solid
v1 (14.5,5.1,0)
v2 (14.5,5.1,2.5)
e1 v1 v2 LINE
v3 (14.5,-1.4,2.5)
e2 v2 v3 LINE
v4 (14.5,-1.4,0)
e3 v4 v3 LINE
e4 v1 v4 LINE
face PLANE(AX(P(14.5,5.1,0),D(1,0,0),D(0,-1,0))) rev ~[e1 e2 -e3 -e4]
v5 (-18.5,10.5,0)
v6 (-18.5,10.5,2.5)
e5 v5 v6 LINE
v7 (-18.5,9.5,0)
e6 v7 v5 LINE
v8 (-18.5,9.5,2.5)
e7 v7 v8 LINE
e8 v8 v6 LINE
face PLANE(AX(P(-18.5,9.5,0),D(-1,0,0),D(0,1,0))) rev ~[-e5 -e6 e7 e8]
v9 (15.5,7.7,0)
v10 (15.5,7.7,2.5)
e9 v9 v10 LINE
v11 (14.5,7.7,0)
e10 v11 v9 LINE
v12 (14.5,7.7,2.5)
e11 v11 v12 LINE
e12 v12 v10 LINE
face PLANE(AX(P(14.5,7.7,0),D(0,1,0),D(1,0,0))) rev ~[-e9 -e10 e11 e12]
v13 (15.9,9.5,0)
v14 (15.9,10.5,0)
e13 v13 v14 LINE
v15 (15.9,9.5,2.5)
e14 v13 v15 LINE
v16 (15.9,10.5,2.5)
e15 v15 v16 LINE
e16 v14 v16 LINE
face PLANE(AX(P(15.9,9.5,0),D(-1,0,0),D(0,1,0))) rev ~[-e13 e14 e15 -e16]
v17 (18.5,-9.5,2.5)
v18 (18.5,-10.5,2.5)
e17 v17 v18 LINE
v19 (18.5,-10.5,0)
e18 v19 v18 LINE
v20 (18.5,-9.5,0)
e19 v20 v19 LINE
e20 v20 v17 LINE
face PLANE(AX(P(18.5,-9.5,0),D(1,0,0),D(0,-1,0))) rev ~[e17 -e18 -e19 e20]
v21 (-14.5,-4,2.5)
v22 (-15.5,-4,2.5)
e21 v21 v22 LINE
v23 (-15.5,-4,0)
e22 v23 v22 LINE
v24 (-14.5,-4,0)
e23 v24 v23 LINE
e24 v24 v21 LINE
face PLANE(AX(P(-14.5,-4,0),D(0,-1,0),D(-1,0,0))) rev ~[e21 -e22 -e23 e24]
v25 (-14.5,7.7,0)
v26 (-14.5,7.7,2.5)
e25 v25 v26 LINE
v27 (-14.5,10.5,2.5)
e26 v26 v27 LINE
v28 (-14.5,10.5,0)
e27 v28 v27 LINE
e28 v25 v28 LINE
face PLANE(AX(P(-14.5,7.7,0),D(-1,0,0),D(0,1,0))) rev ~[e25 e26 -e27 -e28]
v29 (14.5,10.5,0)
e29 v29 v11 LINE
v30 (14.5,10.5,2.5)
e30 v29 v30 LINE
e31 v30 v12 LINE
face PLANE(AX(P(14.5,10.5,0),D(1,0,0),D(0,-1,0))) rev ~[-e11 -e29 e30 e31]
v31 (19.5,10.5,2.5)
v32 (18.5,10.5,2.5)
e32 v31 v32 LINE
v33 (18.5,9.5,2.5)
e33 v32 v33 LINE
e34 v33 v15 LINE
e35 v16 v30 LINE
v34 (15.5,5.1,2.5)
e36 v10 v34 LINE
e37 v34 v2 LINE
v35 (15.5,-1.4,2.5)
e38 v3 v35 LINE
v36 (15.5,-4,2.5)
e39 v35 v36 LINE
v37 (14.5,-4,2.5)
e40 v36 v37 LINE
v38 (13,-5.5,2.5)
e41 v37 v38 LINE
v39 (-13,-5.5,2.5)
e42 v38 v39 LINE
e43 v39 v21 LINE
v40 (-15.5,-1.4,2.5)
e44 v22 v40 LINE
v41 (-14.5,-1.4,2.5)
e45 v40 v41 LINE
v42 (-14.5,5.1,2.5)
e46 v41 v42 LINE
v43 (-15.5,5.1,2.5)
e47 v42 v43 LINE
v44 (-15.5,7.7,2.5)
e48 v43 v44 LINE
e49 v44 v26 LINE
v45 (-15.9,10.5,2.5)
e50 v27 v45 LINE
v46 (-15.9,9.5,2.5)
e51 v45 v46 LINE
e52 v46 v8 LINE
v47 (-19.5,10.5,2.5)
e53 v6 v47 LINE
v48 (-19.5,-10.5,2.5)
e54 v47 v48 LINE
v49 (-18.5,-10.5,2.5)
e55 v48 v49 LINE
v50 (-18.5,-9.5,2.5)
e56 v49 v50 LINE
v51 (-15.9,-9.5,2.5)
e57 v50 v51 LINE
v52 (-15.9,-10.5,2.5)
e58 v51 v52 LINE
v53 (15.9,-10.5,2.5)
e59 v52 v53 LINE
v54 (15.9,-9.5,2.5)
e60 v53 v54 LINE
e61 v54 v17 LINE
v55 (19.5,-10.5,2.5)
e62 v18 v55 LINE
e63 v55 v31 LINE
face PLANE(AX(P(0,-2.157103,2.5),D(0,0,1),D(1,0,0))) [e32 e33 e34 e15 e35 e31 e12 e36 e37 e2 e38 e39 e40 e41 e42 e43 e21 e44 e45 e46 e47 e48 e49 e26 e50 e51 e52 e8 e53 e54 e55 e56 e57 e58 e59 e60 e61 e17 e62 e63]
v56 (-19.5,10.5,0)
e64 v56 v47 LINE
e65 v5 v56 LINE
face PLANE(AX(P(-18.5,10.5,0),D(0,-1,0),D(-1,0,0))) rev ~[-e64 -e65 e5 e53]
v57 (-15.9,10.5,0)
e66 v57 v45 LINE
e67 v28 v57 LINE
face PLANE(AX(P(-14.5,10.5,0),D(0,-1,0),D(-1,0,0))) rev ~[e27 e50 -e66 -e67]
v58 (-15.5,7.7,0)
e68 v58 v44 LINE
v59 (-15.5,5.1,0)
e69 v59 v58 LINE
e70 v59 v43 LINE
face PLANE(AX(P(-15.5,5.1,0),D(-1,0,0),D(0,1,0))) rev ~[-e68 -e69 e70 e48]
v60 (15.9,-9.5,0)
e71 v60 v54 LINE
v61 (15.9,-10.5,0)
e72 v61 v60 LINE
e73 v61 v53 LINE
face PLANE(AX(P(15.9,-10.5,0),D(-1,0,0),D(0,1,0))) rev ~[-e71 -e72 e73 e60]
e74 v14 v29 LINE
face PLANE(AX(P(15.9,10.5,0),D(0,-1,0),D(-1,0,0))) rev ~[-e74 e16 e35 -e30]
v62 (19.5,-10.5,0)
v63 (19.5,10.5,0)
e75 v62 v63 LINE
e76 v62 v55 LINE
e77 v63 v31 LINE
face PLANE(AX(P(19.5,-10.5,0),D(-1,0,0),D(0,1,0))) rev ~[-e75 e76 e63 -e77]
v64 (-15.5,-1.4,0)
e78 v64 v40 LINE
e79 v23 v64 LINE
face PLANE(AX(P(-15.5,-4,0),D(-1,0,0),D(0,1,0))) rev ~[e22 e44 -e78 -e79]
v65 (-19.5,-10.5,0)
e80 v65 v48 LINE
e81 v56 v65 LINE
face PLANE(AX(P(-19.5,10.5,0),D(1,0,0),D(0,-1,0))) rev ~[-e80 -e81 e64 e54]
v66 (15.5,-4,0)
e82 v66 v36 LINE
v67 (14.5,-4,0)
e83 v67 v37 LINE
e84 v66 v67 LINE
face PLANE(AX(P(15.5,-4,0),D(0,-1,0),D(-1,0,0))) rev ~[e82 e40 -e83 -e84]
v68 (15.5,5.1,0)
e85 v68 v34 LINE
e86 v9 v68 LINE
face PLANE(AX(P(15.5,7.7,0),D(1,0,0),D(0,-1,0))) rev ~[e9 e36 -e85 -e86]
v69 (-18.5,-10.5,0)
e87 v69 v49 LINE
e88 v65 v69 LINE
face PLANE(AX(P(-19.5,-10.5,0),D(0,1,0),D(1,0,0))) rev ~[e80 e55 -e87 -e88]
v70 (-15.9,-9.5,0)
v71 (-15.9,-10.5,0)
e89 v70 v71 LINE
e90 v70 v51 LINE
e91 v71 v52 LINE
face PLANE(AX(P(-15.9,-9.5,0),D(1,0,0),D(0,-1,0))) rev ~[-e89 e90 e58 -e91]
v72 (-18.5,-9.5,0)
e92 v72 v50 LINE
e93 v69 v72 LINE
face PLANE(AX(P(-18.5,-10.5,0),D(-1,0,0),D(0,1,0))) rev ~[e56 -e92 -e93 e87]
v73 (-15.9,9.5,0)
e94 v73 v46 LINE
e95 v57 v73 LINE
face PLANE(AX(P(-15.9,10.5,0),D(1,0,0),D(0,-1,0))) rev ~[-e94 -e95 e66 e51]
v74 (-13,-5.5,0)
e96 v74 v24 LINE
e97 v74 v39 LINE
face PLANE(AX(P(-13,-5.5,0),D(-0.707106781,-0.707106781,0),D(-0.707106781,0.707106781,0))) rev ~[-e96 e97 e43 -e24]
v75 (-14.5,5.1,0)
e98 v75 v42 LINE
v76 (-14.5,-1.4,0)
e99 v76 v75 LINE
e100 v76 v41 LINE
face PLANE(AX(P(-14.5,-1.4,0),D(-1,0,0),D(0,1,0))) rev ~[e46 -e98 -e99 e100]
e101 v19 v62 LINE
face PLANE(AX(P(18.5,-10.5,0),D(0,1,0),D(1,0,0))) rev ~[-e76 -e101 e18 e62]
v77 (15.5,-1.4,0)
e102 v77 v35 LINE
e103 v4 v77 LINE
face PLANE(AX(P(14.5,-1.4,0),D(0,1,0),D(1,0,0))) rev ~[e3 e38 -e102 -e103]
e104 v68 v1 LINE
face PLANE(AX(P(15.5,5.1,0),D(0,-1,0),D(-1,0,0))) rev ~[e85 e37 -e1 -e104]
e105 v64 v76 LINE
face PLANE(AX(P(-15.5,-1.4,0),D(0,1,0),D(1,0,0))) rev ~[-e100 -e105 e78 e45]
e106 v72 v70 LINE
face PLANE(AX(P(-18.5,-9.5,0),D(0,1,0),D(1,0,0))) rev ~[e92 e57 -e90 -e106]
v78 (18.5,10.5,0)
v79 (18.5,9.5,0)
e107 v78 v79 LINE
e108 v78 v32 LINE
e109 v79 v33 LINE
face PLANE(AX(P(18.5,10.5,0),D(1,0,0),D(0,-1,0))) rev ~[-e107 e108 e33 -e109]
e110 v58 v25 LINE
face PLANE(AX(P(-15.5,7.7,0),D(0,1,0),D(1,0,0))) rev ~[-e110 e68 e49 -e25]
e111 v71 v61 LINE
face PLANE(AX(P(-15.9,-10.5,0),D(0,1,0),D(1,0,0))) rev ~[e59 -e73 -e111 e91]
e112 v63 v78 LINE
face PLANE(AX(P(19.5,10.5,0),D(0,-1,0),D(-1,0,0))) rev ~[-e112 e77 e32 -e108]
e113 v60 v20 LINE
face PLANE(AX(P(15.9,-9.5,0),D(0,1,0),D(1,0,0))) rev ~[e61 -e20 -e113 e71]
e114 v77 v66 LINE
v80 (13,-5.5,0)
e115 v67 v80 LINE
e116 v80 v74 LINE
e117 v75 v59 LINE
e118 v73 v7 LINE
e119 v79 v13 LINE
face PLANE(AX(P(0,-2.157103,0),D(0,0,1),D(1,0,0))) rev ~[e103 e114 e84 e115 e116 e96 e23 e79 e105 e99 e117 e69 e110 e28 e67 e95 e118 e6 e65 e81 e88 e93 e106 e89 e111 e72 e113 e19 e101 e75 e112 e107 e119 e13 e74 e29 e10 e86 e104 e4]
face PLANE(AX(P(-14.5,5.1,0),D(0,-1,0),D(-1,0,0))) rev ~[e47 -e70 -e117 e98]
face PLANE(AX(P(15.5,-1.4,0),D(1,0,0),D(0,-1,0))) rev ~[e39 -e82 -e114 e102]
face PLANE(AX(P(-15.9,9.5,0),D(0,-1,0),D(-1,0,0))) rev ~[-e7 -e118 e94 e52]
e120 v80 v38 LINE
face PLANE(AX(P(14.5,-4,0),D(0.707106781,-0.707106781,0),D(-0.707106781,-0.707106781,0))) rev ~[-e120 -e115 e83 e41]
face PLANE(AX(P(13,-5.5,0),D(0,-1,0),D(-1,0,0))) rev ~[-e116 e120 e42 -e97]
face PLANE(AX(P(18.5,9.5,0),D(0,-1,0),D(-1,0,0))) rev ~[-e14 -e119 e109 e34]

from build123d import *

# Parameters (mm, degrees)
F1_DEPTH = 2.5


with BuildPart() as f1:
    # F0 (on Top) → F1 (new body)
    with BuildSketch(Plane.XY):
        Polygon((18.5, -10.5), (19.5, -10.5), (19.5, 10.5), (18.5, 10.5), (18.5, 9.5), (15.9, 9.5), (15.9, 10.5), (14.5, 10.5), (14.5, 7.7), (15.5, 7.7), (15.5, 5.1), (14.5, 5.1), (14.5, -1.4), (15.5, -1.4), (15.5, -4), (14.5, -4), (13, -5.5), (-13, -5.5), (-14.5, -4), (-15.5, -4), (-15.5, -1.4), (-14.5, -1.4), (-14.5, 5.1), (-15.5, 5.1), (-15.5, 7.7), (-14.5, 7.7), (-14.5, 10.5), (-15.9, 10.5), (-15.9, 9.5), (-18.5, 9.5), (-18.5, 10.5), (-19.5, 10.5), (-19.5, -10.5), (-18.5, -10.5), (-18.5, -9.5), (-15.9, -9.5), (-15.9, -10.5), (15.9, -10.5), (15.9, -9.5), (18.5, -9.5), align=None)
    extrude(amount=F1_DEPTH)


solid = f1.part
